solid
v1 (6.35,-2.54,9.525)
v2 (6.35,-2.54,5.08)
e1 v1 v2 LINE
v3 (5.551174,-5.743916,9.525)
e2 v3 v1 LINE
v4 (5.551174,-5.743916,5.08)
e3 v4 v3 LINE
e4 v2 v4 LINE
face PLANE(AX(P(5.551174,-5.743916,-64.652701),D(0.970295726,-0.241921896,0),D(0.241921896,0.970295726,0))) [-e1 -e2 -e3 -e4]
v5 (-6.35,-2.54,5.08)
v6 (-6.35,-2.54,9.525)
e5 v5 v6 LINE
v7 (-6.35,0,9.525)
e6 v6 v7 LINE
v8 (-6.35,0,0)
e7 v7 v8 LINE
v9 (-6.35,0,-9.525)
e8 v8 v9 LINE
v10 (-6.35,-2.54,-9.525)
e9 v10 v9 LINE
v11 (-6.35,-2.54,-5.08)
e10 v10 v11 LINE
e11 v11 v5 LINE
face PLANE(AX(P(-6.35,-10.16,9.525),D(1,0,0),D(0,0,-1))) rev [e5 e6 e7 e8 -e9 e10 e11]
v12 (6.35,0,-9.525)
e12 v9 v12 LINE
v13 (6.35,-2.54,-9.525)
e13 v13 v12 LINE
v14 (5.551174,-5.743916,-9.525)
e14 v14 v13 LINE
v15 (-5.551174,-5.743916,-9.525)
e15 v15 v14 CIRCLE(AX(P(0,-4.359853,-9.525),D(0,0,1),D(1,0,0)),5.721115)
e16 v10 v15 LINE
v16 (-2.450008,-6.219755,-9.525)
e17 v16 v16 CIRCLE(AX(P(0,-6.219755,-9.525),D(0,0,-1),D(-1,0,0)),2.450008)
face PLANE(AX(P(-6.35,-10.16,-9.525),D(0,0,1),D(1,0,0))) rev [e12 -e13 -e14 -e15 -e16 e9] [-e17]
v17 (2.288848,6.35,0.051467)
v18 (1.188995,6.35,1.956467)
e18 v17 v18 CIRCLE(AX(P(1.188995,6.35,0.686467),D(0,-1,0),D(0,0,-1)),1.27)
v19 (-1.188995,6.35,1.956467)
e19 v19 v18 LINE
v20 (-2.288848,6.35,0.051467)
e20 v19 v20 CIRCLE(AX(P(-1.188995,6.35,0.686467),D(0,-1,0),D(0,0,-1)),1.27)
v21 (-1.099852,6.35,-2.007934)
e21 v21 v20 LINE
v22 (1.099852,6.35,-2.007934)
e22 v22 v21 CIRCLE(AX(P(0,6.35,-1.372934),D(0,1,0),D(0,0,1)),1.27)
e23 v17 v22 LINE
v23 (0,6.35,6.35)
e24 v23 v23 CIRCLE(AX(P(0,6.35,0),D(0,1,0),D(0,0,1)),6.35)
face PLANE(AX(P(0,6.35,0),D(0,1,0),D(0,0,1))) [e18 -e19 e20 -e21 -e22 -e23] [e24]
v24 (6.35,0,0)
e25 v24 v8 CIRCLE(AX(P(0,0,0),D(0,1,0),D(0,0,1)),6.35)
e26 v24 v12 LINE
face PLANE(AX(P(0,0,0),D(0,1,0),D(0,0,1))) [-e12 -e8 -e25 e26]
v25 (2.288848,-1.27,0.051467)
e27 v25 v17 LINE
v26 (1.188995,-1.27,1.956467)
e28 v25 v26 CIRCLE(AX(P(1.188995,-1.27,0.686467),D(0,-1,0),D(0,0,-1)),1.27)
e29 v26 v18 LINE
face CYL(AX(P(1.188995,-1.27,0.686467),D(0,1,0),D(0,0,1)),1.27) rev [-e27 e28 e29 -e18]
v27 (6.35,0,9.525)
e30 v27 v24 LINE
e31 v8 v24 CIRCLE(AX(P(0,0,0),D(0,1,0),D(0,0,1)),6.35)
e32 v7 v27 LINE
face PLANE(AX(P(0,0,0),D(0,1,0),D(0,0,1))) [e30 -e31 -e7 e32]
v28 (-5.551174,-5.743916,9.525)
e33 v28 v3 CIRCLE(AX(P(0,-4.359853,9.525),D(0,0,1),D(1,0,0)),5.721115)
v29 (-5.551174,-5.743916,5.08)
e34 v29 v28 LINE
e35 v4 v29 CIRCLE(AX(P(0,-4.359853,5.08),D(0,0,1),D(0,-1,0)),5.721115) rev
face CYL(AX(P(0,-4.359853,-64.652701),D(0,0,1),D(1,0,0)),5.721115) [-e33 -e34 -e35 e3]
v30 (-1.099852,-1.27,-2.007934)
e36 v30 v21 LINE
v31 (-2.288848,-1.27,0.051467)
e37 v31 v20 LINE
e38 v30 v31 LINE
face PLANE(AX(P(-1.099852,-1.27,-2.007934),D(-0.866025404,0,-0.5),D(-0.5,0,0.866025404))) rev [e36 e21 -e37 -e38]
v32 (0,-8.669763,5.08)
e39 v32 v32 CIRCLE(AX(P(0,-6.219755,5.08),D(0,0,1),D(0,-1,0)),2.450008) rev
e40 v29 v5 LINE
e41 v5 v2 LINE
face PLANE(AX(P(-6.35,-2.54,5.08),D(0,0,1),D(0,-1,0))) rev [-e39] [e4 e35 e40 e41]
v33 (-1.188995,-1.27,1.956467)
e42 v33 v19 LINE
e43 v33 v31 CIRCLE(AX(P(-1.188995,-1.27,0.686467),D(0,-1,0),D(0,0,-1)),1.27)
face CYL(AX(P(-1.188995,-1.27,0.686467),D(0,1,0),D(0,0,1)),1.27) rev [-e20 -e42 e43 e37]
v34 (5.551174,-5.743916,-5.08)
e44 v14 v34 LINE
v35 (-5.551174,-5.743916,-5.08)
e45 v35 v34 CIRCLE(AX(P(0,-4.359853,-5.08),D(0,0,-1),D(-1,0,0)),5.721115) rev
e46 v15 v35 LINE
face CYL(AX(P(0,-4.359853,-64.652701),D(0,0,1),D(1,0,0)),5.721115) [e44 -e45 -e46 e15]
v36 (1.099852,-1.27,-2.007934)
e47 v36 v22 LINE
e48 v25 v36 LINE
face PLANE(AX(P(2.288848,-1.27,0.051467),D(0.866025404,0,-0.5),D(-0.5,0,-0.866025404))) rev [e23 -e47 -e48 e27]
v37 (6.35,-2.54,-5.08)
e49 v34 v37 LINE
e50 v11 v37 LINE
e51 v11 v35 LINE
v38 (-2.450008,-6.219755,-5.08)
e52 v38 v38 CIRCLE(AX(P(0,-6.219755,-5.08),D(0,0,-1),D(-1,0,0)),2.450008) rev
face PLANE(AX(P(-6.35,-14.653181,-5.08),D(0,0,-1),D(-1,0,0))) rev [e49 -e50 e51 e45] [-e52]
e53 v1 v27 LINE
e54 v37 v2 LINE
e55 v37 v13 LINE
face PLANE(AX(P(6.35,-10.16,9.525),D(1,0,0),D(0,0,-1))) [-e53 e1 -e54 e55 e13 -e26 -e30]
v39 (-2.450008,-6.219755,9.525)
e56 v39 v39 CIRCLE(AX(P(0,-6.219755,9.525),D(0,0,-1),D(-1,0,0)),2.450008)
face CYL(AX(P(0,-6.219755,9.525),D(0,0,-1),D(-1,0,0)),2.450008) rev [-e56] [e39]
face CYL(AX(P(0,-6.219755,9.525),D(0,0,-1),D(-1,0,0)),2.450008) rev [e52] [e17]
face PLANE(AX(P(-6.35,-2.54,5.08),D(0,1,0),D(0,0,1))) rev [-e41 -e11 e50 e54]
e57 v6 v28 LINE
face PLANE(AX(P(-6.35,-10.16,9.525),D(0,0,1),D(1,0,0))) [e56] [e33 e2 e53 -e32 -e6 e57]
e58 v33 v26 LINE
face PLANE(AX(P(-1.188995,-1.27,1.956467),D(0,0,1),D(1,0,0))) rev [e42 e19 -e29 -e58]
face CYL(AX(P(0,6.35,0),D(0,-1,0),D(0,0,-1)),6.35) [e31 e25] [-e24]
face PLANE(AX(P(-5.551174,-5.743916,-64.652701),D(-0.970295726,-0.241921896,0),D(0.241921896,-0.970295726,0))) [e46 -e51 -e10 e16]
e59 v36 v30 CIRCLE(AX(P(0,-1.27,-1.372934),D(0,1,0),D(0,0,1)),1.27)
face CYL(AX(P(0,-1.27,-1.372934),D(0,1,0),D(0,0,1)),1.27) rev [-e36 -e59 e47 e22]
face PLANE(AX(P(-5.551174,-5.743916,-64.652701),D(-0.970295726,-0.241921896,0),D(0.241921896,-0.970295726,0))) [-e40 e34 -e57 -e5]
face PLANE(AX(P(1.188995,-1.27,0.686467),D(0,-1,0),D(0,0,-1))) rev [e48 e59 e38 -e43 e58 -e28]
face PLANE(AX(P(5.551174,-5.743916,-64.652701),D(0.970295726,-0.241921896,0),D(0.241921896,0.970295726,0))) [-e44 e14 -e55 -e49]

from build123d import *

# Parameters (mm, degrees)
SKETCH1_R               = 6.35
BOSS_EXTRUDE1_DEPTH     = 6.35
SKETCH1_5_W             = 12.7
SKETCH1_5_H             = 19.05
BOSS_EXTRUDE3_DEPTH     = 10.16
CUT_EXTRUDE1_DEPTH      = 7.62
CUT_EXTRUDE3_DEPTH      = 1
CUT_EXTRUDE3_DEPTH_BACK = 20.05
SKETCH5_4_R             = 2.4500078
CUT_EXTRUDE4_DEPTH      = 20.05
SKETCH6_W               = 10.16
SKETCH6_H               = 12.113180789
CUT_EXTRUDE5_DEPTH      = 7.35
CUT_EXTRUDE5_DEPTH_BACK = 7.35


with BuildPart() as part:
    # Sketch1 → Boss-Extrude1 (new body)
    with BuildSketch(Plane(origin=(0, 0, 0), x_dir=(1, 0, 0), z_dir=(0, 1, 0))):
        Circle(SKETCH1_R)
    extrude(amount=BOSS_EXTRUDE1_DEPTH)

    # Sketch1<5> → Boss-Extrude3 (add)
    with BuildSketch(Plane(origin=(0, 0, 0), x_dir=(1, 0, 0), z_dir=(0, 1, 0))):
        Rectangle(SKETCH1_5_W, SKETCH1_5_H)
    extrude(amount=-BOSS_EXTRUDE3_DEPTH)

    # Sketch3 → Cut-Extrude1 (cut)
    with BuildSketch(Plane(origin=(0, 6.35, 0), x_dir=(1, 0, 0), z_dir=(0, 1, 0))):
        with BuildLine():
            Line((-1.099852263, 2.007933515), (-2.288847564, -0.051466757))
            ThreePointArc((-2.288847564, -0.051466757), (-2.288847564, -1.321466757), (-1.188995301, -1.956466757))
            Line((-1.188995301, -1.956466757), (1.188995301, -1.956466757))
            ThreePointArc((1.188995301, -1.956466757), (2.288847564, -1.321466757), (2.288847564, -0.051466757))
            Line((2.288847564, -0.051466757), (1.099852263, 2.007933515))
            ThreePointArc((1.099852263, 2.007933515), (0, 2.642933515), (-1.099852263, 2.007933515))
        make_face()
    extrude(amount=-CUT_EXTRUDE1_DEPTH, mode=Mode.SUBTRACT)

    # Sketch5 → Cut-Extrude3 (cut, two sides)
    with BuildSketch(Plane(origin=(0, 0, -9.525), x_dir=(-1, 0, 0), z_dir=(0, 0, -1))) as cut_extrude3_sk:
        with BuildLine():
            Line((6.35, -2.54), (5.551173901, -5.743916488))
            ThreePointArc((5.551173901, -5.743916488), (0, -10.080968867), (-5.551173901, -5.743916488))
            Line((-5.551173901, -5.743916488), (-6.35, -2.54))
            Line((-6.35, -2.54), (-6.35, -10.16))
            Line((-6.35, -10.16), (6.35, -10.16))
            Line((6.35, -10.16), (6.35, -2.54))
        make_face()
    extrude(amount=CUT_EXTRUDE3_DEPTH, mode=Mode.SUBTRACT)
    extrude(cut_extrude3_sk.sketch, amount=-CUT_EXTRUDE3_DEPTH_BACK, mode=Mode.SUBTRACT)

    # Sketch5<4> → Cut-Extrude4 (cut, through all)
    with BuildSketch(Plane(origin=(0, 0, -9.525), x_dir=(-1, 0, 0), z_dir=(0, 0, -1))):
        with Locations((0, -6.219754937)):
            Circle(SKETCH5_4_R)
    extrude(amount=-CUT_EXTRUDE4_DEPTH, mode=Mode.SUBTRACT)

    # Sketch6 → Cut-Extrude5 (cut, two sides)
    with BuildSketch(Plane(origin=(0, 0, 0), x_dir=(0, 0, -1), z_dir=(1, 0, 0))) as cut_extrude5_sk:
        with Locations((0, -8.596590394)):
            Rectangle(SKETCH6_W, SKETCH6_H)
    extrude(amount=CUT_EXTRUDE5_DEPTH, mode=Mode.SUBTRACT)
    extrude(cut_extrude5_sk.sketch, amount=-CUT_EXTRUDE5_DEPTH_BACK, mode=Mode.SUBTRACT)


solid = part.part
